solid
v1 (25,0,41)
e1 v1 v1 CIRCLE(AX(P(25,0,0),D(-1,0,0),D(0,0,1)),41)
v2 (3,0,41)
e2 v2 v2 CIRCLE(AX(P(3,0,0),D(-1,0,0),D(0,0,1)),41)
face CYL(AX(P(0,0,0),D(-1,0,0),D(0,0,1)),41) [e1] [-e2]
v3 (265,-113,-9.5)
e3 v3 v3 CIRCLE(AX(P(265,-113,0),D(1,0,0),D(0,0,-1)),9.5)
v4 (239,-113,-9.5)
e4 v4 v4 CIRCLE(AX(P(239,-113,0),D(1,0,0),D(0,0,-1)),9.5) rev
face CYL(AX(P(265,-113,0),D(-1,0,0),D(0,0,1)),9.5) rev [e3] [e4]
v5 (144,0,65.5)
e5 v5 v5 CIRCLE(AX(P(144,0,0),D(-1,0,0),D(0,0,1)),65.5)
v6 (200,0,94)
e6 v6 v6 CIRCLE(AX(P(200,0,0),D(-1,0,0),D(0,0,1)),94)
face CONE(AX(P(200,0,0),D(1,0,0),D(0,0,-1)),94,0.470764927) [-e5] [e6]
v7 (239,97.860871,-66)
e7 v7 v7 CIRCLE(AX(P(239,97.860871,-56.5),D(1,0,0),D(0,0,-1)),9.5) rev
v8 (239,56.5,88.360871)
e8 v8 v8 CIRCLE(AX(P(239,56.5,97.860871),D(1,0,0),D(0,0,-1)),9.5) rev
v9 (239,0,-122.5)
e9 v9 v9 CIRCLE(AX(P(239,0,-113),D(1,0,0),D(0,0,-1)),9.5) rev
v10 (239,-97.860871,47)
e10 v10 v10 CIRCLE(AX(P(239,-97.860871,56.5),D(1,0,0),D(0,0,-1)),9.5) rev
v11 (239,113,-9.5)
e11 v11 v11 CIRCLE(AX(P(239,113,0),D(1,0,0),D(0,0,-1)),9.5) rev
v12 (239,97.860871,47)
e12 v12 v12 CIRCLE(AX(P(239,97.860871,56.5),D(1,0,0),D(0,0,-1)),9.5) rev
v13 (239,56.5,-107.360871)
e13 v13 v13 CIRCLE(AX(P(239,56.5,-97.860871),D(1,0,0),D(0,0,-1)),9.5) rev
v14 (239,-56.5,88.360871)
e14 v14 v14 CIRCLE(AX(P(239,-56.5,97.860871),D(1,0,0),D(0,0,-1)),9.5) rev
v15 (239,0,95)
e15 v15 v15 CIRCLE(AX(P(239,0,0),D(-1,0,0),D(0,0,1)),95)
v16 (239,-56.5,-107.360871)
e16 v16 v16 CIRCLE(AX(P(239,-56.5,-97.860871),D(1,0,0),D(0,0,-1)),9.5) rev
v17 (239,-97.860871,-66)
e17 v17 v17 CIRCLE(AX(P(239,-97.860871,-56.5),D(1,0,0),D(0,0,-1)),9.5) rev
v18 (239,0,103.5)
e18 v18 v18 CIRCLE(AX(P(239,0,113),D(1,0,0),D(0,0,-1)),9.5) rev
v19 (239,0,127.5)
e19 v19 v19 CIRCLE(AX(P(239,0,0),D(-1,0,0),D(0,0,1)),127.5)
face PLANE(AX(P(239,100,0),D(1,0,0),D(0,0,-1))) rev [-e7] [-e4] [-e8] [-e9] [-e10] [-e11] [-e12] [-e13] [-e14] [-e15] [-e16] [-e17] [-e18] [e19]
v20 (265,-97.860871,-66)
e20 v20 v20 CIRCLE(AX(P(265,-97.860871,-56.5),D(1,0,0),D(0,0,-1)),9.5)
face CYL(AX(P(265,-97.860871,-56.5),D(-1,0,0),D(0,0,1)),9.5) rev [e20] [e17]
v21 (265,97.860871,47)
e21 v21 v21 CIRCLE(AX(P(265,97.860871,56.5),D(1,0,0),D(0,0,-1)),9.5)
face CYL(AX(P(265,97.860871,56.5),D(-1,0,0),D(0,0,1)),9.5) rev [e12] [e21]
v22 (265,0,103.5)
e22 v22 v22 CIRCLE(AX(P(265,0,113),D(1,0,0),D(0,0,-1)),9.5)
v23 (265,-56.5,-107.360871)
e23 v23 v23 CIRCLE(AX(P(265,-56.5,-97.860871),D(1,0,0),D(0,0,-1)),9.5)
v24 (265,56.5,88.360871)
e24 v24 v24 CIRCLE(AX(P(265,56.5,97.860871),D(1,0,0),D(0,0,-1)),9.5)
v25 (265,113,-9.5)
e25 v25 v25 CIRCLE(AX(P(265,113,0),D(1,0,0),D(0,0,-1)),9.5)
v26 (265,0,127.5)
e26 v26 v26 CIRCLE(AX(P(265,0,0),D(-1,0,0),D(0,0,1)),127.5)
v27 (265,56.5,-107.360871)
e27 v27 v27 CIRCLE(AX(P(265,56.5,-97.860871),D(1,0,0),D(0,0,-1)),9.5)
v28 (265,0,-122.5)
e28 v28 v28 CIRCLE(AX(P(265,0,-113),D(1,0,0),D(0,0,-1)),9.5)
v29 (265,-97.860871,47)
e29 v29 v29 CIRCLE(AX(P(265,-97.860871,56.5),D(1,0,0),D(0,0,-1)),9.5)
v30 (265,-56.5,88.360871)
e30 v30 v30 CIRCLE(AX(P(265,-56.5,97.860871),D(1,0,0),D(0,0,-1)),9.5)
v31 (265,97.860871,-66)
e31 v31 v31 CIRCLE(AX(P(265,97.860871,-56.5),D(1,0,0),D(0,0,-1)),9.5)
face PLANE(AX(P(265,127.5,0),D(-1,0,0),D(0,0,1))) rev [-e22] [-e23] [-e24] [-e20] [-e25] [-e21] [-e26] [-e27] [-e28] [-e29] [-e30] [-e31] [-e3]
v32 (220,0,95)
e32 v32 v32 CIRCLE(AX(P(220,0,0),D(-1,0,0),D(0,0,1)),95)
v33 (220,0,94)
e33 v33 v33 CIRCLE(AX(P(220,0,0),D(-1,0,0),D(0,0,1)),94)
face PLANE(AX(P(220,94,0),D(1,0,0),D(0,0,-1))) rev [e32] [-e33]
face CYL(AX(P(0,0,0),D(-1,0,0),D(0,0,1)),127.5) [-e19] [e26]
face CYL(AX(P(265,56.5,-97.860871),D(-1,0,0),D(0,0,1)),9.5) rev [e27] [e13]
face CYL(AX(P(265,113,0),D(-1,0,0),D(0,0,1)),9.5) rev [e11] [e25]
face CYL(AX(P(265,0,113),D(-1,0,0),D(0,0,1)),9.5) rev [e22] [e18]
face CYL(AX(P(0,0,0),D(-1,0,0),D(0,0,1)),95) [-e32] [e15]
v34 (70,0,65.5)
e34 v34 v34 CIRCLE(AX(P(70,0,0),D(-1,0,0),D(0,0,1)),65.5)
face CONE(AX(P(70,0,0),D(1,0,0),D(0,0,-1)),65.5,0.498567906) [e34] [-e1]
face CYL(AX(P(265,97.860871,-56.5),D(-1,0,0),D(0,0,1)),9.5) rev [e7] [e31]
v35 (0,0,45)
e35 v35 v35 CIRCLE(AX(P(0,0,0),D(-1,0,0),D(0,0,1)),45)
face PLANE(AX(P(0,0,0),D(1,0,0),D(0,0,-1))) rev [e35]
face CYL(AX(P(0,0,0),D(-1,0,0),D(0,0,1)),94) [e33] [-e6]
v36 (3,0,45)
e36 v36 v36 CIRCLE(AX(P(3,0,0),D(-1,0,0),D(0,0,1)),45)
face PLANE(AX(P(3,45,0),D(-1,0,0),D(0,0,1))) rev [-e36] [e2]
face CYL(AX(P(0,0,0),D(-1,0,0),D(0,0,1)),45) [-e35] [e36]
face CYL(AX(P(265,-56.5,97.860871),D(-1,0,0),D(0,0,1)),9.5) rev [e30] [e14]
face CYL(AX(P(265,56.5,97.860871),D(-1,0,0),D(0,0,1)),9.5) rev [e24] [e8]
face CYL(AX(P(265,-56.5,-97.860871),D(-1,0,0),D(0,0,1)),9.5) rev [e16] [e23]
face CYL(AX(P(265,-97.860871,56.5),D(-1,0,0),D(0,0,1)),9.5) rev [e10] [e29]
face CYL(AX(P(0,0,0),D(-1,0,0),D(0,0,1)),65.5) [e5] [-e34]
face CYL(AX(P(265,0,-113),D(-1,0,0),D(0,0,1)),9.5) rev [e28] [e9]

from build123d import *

# Parameters (mm, degrees)
SKETCH_2_R           = 9.5
CUT_EXTRUDE_1_DEPTH  = 321.526909947
SKETCH_3_R           = 9.5
CUT_EXTRUDE_2_DEPTH  = 321.526909947
SKETCH_4_R           = 9.5
CUT_EXTRUDE_3_DEPTH  = 321.526909947
SKETCH_5_R           = 9.5
CUT_EXTRUDE_4_DEPTH  = 321.526909947
SKETCH_6_R           = 9.5
CUT_EXTRUDE_5_DEPTH  = 321.526909947
SKETCH_7_R           = 9.5
CUT_EXTRUDE_6_DEPTH  = 321.526909947
SKETCH_8_R           = 9.5
CUT_EXTRUDE_7_DEPTH  = 321.526909947
SKETCH_9_R           = 9.5
CUT_EXTRUDE_8_DEPTH  = 321.526909947
SKETCH_10_R          = 9.5
CUT_EXTRUDE_9_DEPTH  = 321.526909947
SKETCH_11_R          = 9.5
CUT_EXTRUDE_10_DEPTH = 321.526909947
SKETCH_12_R          = 9.5
CUT_EXTRUDE_11_DEPTH = 321.526909947
SKETCH_13_R          = 9.5
CUT_EXTRUDE_12_DEPTH = 321.526909947


with BuildPart() as part:
    # Эскиз1 → Повернуть1 (revolve)
    with BuildSketch(Plane.XY, mode=Mode.PRIVATE) as revolve_1_sk:
        Polygon((0, 0), (265, 0), (265, 127.5), (239, 127.5), (239, 100), (239, 95), (220, 95), (220, 94), (200, 94), (144, 65.5), (70, 65.5), (25, 41), (3, 41), (3, 45), (0, 45), align=None)
    revolve(revolve_1_sk.sketch.rotate(Axis((0, 0, 0), (1, 0, 0)), 90), axis=Axis((0, 0, 0), (1, 0, 0)))

    # Эскиз2 → Вырез-Вытянуть1 (cut, through all)
    with BuildSketch(Plane(origin=(0, 0, 0), x_dir=(0, 0, -1), z_dir=(1, 0, 0))):
        with Locations((0, 113)):
            Circle(SKETCH_2_R)
    extrude(amount=CUT_EXTRUDE_1_DEPTH, mode=Mode.SUBTRACT)

    # Эскиз3 → Вырез-Вытянуть2 (cut, through all)
    with BuildSketch(Plane(origin=(0, 0, 0), x_dir=(0, 0, -1), z_dir=(1, 0, 0))):
        with Locations((-56.5, 97.860870628)):
            Circle(SKETCH_3_R)
    extrude(amount=CUT_EXTRUDE_2_DEPTH, mode=Mode.SUBTRACT)

    # Эскиз4 → Вырез-Вытянуть3 (cut, through all)
    with BuildSketch(Plane(origin=(0, 0, 0), x_dir=(0, 0, -1), z_dir=(1, 0, 0))):
        with Locations((-97.860870628, 56.5)):
            Circle(SKETCH_4_R)
    extrude(amount=CUT_EXTRUDE_3_DEPTH, mode=Mode.SUBTRACT)

    # Эскиз5 → Вырез-Вытянуть4 (cut, through all)
    with BuildSketch(Plane(origin=(0, 0, 0), x_dir=(0, 0, -1), z_dir=(1, 0, 0))):
        with Locations((-113, 0)):
            Circle(SKETCH_5_R)
    extrude(amount=CUT_EXTRUDE_4_DEPTH, mode=Mode.SUBTRACT)

    # Эскиз6 → Вырез-Вытянуть5 (cut, through all)
    with BuildSketch(Plane(origin=(0, 0, 0), x_dir=(0, 0, -1), z_dir=(1, 0, 0))):
        with Locations((-97.860870628, -56.5)):
            Circle(SKETCH_6_R)
    extrude(amount=CUT_EXTRUDE_5_DEPTH, mode=Mode.SUBTRACT)

    # Эскиз7 → Вырез-Вытянуть6 (cut, through all)
    with BuildSketch(Plane(origin=(0, 0, 0), x_dir=(0, 0, -1), z_dir=(1, 0, 0))):
        with Locations((-56.5, -97.860870628)):
            Circle(SKETCH_7_R)
    extrude(amount=CUT_EXTRUDE_6_DEPTH, mode=Mode.SUBTRACT)

    # Эскиз8 → Вырез-Вытянуть7 (cut, through all)
    with BuildSketch(Plane(origin=(0, 0, 0), x_dir=(0, 0, -1), z_dir=(1, 0, 0))):
        with Locations((0, -113)):
            Circle(SKETCH_8_R)
    extrude(amount=CUT_EXTRUDE_7_DEPTH, mode=Mode.SUBTRACT)

    # Эскиз9 → Вырез-Вытянуть8 (cut, through all)
    with BuildSketch(Plane(origin=(0, 0, 0), x_dir=(0, 0, -1), z_dir=(1, 0, 0))):
        with Locations((56.5, -97.860870628)):
            Circle(SKETCH_9_R)
    extrude(amount=CUT_EXTRUDE_8_DEPTH, mode=Mode.SUBTRACT)

    # Эскиз10 → Вырез-Вытянуть9 (cut, through all)
    with BuildSketch(Plane(origin=(0, 0, 0), x_dir=(0, 0, -1), z_dir=(1, 0, 0))):
        with Locations((97.860870628, -56.5)):
            Circle(SKETCH_10_R)
    extrude(amount=CUT_EXTRUDE_9_DEPTH, mode=Mode.SUBTRACT)

    # Эскиз11 → Вырез-Вытянуть10 (cut, through all)
    with BuildSketch(Plane(origin=(0, 0, 0), x_dir=(0, 0, -1), z_dir=(1, 0, 0))):
        with Locations((113, 0)):
            Circle(SKETCH_11_R)
    extrude(amount=CUT_EXTRUDE_10_DEPTH, mode=Mode.SUBTRACT)

    # Эскиз12 → Вырез-Вытянуть11 (cut, through all)
    with BuildSketch(Plane(origin=(0, 0, 0), x_dir=(0, 0, -1), z_dir=(1, 0, 0))):
        with Locations((97.860870628, 56.5)):
            Circle(SKETCH_12_R)
    extrude(amount=CUT_EXTRUDE_11_DEPTH, mode=Mode.SUBTRACT)

    # Эскиз13 → Вырез-Вытянуть12 (cut, through all)
    with BuildSketch(Plane(origin=(0, 0, 0), x_dir=(0, 0, -1), z_dir=(1, 0, 0))):
        with Locations((56.5, 97.860870628)):
            Circle(SKETCH_13_R)
    extrude(amount=CUT_EXTRUDE_12_DEPTH, mode=Mode.SUBTRACT)


solid = part.part
